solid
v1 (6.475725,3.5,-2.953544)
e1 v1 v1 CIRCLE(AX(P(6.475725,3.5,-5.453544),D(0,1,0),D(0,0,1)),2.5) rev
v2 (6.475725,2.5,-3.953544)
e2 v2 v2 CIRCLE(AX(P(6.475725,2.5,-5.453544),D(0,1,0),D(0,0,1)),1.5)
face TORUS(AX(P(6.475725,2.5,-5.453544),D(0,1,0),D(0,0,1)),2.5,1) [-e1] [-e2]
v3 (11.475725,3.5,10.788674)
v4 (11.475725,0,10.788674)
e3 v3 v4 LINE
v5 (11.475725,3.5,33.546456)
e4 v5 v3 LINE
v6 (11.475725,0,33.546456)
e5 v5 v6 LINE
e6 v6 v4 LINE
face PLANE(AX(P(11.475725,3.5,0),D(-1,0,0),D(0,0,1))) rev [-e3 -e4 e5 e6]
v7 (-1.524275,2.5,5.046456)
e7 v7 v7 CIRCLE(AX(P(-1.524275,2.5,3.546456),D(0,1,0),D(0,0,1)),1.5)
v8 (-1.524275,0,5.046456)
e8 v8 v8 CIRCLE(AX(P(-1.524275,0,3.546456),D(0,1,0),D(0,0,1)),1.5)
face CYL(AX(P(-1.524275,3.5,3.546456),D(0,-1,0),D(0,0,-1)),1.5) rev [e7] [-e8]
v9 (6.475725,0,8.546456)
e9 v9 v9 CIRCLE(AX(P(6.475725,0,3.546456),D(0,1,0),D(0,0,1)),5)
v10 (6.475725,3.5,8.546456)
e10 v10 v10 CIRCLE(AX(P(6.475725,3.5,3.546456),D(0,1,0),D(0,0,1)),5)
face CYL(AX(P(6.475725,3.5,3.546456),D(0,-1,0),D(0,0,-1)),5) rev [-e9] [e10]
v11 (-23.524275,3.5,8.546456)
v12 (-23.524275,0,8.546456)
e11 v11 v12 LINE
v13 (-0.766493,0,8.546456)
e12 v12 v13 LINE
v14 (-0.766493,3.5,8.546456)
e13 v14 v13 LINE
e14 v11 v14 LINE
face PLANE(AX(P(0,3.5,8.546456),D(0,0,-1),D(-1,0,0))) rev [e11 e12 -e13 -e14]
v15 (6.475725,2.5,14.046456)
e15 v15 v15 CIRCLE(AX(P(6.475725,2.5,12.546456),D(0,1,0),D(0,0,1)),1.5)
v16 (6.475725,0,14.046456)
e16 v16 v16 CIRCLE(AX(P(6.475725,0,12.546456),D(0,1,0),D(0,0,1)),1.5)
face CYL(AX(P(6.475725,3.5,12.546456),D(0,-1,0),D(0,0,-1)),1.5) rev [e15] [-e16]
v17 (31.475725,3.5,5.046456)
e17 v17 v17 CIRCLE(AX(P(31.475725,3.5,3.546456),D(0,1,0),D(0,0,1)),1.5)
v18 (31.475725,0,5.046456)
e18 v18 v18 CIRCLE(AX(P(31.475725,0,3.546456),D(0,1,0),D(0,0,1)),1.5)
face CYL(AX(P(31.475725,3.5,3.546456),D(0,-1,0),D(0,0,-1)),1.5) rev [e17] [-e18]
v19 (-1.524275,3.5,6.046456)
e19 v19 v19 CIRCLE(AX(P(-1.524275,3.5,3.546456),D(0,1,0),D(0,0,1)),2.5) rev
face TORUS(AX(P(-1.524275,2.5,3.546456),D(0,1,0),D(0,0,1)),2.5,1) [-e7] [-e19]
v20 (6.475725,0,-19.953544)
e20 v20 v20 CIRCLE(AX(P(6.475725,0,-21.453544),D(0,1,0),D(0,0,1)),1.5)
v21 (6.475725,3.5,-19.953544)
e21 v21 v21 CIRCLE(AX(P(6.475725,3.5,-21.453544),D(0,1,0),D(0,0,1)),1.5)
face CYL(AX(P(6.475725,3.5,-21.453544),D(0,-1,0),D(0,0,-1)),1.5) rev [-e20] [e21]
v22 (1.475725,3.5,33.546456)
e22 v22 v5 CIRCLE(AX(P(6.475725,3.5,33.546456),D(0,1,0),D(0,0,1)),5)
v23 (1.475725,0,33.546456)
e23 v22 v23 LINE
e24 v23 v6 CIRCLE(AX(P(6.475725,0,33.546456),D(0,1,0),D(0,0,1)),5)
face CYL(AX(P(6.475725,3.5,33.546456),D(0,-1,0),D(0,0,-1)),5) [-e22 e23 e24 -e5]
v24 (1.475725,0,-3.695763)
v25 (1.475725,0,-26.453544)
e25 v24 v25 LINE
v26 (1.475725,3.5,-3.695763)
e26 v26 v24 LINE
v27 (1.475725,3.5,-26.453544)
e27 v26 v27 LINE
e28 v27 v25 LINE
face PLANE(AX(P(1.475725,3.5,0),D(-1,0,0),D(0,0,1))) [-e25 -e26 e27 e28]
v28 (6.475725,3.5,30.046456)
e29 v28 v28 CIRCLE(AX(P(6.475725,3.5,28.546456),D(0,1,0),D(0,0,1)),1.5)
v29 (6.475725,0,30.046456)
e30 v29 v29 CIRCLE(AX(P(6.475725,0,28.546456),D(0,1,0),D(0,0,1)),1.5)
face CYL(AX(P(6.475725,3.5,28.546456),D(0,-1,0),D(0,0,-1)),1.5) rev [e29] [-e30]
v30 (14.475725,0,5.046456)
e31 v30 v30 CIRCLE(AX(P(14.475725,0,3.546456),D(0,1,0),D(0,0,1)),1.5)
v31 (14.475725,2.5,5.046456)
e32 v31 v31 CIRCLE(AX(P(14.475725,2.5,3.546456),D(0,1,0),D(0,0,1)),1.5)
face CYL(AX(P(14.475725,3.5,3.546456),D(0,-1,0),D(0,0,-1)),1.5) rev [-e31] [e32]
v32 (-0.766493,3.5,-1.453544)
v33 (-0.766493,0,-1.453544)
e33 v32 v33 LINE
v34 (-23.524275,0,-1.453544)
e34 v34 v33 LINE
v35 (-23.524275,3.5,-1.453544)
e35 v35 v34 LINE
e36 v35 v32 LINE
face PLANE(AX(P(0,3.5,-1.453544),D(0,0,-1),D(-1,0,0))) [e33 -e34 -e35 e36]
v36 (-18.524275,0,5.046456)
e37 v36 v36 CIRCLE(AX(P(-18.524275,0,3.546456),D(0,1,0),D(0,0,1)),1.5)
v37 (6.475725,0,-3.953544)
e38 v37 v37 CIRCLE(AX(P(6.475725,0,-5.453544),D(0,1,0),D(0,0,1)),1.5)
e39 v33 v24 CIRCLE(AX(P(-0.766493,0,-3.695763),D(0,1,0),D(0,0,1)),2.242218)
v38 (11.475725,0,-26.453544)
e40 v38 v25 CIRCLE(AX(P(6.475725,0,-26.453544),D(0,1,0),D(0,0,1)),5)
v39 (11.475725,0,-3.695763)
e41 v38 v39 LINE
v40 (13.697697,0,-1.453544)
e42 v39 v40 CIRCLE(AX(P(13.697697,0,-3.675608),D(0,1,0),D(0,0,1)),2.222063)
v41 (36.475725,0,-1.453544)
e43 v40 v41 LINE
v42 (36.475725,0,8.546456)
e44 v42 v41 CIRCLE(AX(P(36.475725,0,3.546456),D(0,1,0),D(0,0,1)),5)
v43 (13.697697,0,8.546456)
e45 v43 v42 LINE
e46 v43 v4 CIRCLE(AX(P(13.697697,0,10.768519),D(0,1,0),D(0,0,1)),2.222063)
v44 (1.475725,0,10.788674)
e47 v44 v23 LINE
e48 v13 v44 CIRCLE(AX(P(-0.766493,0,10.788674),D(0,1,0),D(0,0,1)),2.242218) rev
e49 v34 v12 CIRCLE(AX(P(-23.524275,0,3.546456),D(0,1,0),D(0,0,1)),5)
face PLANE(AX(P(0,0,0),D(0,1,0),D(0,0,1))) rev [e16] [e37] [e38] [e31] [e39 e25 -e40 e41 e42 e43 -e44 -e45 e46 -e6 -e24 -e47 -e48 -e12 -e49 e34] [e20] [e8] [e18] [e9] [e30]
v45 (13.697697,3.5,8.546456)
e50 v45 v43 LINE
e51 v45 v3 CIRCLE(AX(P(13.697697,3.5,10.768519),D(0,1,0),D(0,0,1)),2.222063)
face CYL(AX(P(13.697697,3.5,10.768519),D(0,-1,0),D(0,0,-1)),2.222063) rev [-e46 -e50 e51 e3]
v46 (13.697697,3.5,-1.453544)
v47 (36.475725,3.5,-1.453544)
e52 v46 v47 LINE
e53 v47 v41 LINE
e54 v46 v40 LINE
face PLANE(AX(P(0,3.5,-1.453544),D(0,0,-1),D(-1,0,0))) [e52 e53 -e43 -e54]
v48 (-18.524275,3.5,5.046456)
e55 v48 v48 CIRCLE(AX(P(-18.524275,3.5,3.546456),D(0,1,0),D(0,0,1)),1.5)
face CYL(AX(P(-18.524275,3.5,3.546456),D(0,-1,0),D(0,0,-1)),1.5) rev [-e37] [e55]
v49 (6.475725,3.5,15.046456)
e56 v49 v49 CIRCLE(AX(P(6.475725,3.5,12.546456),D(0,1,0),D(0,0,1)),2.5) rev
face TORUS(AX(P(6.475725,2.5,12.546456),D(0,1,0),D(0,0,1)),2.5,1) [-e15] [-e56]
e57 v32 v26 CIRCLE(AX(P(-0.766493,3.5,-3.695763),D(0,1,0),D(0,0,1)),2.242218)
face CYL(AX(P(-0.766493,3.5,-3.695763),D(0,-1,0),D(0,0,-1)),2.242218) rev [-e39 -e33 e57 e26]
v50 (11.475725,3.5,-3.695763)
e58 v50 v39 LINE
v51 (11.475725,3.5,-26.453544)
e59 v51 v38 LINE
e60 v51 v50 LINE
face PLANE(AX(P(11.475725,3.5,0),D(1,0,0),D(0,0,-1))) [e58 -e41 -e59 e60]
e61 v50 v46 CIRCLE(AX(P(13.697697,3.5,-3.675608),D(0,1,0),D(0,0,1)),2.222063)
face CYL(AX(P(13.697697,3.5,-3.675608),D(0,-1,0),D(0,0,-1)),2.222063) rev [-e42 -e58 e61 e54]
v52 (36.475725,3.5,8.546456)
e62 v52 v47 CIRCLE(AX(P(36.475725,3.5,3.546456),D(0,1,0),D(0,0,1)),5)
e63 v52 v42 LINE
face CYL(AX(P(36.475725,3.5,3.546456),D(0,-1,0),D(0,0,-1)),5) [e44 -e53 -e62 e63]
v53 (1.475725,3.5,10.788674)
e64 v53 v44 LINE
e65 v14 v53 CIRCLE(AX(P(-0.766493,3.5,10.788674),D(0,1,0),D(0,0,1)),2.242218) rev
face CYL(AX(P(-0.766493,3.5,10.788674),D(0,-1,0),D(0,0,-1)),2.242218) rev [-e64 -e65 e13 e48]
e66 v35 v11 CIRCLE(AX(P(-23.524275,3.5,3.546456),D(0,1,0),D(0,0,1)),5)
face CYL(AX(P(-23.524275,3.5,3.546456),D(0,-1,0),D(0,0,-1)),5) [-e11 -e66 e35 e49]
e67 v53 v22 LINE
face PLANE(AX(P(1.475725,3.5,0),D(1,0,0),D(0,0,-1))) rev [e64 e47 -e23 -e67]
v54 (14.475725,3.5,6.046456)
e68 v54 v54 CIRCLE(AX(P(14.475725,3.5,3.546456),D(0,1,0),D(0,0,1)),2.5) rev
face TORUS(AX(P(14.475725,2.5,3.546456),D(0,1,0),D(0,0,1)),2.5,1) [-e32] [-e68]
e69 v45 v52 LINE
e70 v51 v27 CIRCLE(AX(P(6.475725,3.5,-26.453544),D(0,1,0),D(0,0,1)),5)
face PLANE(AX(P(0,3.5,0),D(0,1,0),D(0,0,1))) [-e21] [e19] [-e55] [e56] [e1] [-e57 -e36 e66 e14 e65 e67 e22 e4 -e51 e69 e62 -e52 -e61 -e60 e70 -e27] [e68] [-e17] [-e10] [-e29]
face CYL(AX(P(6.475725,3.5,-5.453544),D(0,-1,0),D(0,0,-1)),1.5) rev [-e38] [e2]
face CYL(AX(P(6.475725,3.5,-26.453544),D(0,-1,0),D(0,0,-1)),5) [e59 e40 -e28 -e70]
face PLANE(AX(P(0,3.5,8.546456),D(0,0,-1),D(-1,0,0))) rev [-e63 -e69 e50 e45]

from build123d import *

# Parameters (mm, degrees)
CROQUIS1_R              = 1.5
CROQUIS1_R_2            = 5
SALIENTE_EXTRUIR2_DEPTH = 3.5
REDONDEO9_R             = 1
REDONDEO10_R            = 1
REDONDEO11_R            = 1
REDONDEO12_R            = 1


with BuildPart() as part:
    # Croquis1 → Saliente-Extruir2 (new body)
    with BuildSketch(Plane(origin=(0, 0, 0), x_dir=(1, 0, 0), z_dir=(0, 1, 0))):
        with BuildLine():
            Line((1.47572532, 11.484579709), (1.47572532, 3.695762793))
            ThreePointArc((1.47572532, 3.695762793), (0.818994747, 2.110274939), (-0.766493108, 1.453544366))
            Line((-0.766493108, 1.453544366), (-23.52427468, 1.453544366))
            ThreePointArc((-23.52427468, 1.453544366), (-28.52427468, -3.546455634), (-23.52427468, -8.546455634))
            Line((-23.52427468, -8.546455634), (-0.766493108, -8.546455634))
            ThreePointArc((-0.766493108, -8.546455634), (0.818994747, -9.203186206), (1.47572532, -10.788674061))
            Line((1.47572532, -10.788674061), (1.47572532, -18.577490976))
            Line((1.47572532, -18.577490976), (1.47572532, -33.546455634))
            ThreePointArc((1.47572532, -33.546455634), (6.47572532, -38.546455634), (11.47572532, -33.546455634))
            Line((11.47572532, -33.546455634), (11.47572532, -10.788674061))
            Line((11.47572532, -10.788674061), (11.47572532, -10.748363891))
            ThreePointArc((11.47572532, -10.748363891), (12.133603326, -9.190173106), (13.697697252, -8.546455634))
            Line((13.697697252, -8.546455634), (36.47572532, -8.546455634))
            ThreePointArc((36.47572532, -8.546455634), (41.47572532, -3.546455634), (36.47572532, 1.453544366))
            Line((36.47572532, 1.453544366), (13.697697252, 1.453544366))
            ThreePointArc((13.697697252, 1.453544366), (12.133603326, 2.097261838), (11.47572532, 3.655452623))
            Line((11.47572532, 3.655452623), (11.47572532, 3.695762793))
            Line((11.47572532, 3.695762793), (11.47572532, 26.453544366))
            ThreePointArc((11.47572532, 26.453544366), (6.47572532, 31.453544366), (1.47572532, 26.453544366))
            Line((1.47572532, 26.453544366), (1.47572532, 11.484579709))
        make_face()
        with Locations(Location((-1.52427468, -3.546455634, 0), (0, 0, 270))):
            Circle(CROQUIS1_R, mode=Mode.SUBTRACT)
        with Locations(Location((6.47572532, -28.546455634, 0), (0, 0, 270))):
            Circle(CROQUIS1_R, mode=Mode.SUBTRACT)
        with Locations(Location((6.47572532, -12.546455634, 0), (0, 0, 270))):
            Circle(CROQUIS1_R, mode=Mode.SUBTRACT)
        with Locations(Location((-18.52427468, -3.546455634, 0), (0, 0, 270))):
            Circle(CROQUIS1_R, mode=Mode.SUBTRACT)
        with Locations(Location((6.47572532, -3.546455634, 0), (0, 0, 270))):
            Circle(CROQUIS1_R_2, mode=Mode.SUBTRACT)
        with Locations(Location((14.47572532, -3.546455634, 0), (0, 0, 270))):
            Circle(CROQUIS1_R, mode=Mode.SUBTRACT)
        with Locations(Location((6.47572532, 5.453544366, 0), (0, 0, 270))):
            Circle(CROQUIS1_R, mode=Mode.SUBTRACT)
        with Locations(Location((31.47572532, -3.546455634, 0), (0, 0, 270))):
            Circle(CROQUIS1_R, mode=Mode.SUBTRACT)
        with Locations(Location((6.47572532, 21.453544366, 0), (0, 0, 270))):
            Circle(CROQUIS1_R, mode=Mode.SUBTRACT)
    extrude(amount=SALIENTE_EXTRUIR2_DEPTH)

    # Redondeo9
    redondeo9_edges = [part.edges().sort_by_distance(p)[0] for p in [
        (6.47572532, 3.5, -6.953544366),
    ]]
    fillet(redondeo9_edges, radius=REDONDEO9_R)

    # Redondeo10
    redondeo10_edges = [part.edges().sort_by_distance(p)[0] for p in [
        (14.47572532, 3.5, 2.046455634),
    ]]
    fillet(redondeo10_edges, radius=REDONDEO10_R)

    # Redondeo11
    redondeo11_edges = [part.edges().sort_by_distance(p)[0] for p in [
        (6.47572532, 3.5, 11.046455634),
    ]]
    fillet(redondeo11_edges, radius=REDONDEO11_R)

    # Redondeo12
    redondeo12_edges = [part.edges().sort_by_distance(p)[0] for p in [
        (-1.52427468, 3.5, 2.046455634),
    ]]
    fillet(redondeo12_edges, radius=REDONDEO12_R)


solid = part.part
